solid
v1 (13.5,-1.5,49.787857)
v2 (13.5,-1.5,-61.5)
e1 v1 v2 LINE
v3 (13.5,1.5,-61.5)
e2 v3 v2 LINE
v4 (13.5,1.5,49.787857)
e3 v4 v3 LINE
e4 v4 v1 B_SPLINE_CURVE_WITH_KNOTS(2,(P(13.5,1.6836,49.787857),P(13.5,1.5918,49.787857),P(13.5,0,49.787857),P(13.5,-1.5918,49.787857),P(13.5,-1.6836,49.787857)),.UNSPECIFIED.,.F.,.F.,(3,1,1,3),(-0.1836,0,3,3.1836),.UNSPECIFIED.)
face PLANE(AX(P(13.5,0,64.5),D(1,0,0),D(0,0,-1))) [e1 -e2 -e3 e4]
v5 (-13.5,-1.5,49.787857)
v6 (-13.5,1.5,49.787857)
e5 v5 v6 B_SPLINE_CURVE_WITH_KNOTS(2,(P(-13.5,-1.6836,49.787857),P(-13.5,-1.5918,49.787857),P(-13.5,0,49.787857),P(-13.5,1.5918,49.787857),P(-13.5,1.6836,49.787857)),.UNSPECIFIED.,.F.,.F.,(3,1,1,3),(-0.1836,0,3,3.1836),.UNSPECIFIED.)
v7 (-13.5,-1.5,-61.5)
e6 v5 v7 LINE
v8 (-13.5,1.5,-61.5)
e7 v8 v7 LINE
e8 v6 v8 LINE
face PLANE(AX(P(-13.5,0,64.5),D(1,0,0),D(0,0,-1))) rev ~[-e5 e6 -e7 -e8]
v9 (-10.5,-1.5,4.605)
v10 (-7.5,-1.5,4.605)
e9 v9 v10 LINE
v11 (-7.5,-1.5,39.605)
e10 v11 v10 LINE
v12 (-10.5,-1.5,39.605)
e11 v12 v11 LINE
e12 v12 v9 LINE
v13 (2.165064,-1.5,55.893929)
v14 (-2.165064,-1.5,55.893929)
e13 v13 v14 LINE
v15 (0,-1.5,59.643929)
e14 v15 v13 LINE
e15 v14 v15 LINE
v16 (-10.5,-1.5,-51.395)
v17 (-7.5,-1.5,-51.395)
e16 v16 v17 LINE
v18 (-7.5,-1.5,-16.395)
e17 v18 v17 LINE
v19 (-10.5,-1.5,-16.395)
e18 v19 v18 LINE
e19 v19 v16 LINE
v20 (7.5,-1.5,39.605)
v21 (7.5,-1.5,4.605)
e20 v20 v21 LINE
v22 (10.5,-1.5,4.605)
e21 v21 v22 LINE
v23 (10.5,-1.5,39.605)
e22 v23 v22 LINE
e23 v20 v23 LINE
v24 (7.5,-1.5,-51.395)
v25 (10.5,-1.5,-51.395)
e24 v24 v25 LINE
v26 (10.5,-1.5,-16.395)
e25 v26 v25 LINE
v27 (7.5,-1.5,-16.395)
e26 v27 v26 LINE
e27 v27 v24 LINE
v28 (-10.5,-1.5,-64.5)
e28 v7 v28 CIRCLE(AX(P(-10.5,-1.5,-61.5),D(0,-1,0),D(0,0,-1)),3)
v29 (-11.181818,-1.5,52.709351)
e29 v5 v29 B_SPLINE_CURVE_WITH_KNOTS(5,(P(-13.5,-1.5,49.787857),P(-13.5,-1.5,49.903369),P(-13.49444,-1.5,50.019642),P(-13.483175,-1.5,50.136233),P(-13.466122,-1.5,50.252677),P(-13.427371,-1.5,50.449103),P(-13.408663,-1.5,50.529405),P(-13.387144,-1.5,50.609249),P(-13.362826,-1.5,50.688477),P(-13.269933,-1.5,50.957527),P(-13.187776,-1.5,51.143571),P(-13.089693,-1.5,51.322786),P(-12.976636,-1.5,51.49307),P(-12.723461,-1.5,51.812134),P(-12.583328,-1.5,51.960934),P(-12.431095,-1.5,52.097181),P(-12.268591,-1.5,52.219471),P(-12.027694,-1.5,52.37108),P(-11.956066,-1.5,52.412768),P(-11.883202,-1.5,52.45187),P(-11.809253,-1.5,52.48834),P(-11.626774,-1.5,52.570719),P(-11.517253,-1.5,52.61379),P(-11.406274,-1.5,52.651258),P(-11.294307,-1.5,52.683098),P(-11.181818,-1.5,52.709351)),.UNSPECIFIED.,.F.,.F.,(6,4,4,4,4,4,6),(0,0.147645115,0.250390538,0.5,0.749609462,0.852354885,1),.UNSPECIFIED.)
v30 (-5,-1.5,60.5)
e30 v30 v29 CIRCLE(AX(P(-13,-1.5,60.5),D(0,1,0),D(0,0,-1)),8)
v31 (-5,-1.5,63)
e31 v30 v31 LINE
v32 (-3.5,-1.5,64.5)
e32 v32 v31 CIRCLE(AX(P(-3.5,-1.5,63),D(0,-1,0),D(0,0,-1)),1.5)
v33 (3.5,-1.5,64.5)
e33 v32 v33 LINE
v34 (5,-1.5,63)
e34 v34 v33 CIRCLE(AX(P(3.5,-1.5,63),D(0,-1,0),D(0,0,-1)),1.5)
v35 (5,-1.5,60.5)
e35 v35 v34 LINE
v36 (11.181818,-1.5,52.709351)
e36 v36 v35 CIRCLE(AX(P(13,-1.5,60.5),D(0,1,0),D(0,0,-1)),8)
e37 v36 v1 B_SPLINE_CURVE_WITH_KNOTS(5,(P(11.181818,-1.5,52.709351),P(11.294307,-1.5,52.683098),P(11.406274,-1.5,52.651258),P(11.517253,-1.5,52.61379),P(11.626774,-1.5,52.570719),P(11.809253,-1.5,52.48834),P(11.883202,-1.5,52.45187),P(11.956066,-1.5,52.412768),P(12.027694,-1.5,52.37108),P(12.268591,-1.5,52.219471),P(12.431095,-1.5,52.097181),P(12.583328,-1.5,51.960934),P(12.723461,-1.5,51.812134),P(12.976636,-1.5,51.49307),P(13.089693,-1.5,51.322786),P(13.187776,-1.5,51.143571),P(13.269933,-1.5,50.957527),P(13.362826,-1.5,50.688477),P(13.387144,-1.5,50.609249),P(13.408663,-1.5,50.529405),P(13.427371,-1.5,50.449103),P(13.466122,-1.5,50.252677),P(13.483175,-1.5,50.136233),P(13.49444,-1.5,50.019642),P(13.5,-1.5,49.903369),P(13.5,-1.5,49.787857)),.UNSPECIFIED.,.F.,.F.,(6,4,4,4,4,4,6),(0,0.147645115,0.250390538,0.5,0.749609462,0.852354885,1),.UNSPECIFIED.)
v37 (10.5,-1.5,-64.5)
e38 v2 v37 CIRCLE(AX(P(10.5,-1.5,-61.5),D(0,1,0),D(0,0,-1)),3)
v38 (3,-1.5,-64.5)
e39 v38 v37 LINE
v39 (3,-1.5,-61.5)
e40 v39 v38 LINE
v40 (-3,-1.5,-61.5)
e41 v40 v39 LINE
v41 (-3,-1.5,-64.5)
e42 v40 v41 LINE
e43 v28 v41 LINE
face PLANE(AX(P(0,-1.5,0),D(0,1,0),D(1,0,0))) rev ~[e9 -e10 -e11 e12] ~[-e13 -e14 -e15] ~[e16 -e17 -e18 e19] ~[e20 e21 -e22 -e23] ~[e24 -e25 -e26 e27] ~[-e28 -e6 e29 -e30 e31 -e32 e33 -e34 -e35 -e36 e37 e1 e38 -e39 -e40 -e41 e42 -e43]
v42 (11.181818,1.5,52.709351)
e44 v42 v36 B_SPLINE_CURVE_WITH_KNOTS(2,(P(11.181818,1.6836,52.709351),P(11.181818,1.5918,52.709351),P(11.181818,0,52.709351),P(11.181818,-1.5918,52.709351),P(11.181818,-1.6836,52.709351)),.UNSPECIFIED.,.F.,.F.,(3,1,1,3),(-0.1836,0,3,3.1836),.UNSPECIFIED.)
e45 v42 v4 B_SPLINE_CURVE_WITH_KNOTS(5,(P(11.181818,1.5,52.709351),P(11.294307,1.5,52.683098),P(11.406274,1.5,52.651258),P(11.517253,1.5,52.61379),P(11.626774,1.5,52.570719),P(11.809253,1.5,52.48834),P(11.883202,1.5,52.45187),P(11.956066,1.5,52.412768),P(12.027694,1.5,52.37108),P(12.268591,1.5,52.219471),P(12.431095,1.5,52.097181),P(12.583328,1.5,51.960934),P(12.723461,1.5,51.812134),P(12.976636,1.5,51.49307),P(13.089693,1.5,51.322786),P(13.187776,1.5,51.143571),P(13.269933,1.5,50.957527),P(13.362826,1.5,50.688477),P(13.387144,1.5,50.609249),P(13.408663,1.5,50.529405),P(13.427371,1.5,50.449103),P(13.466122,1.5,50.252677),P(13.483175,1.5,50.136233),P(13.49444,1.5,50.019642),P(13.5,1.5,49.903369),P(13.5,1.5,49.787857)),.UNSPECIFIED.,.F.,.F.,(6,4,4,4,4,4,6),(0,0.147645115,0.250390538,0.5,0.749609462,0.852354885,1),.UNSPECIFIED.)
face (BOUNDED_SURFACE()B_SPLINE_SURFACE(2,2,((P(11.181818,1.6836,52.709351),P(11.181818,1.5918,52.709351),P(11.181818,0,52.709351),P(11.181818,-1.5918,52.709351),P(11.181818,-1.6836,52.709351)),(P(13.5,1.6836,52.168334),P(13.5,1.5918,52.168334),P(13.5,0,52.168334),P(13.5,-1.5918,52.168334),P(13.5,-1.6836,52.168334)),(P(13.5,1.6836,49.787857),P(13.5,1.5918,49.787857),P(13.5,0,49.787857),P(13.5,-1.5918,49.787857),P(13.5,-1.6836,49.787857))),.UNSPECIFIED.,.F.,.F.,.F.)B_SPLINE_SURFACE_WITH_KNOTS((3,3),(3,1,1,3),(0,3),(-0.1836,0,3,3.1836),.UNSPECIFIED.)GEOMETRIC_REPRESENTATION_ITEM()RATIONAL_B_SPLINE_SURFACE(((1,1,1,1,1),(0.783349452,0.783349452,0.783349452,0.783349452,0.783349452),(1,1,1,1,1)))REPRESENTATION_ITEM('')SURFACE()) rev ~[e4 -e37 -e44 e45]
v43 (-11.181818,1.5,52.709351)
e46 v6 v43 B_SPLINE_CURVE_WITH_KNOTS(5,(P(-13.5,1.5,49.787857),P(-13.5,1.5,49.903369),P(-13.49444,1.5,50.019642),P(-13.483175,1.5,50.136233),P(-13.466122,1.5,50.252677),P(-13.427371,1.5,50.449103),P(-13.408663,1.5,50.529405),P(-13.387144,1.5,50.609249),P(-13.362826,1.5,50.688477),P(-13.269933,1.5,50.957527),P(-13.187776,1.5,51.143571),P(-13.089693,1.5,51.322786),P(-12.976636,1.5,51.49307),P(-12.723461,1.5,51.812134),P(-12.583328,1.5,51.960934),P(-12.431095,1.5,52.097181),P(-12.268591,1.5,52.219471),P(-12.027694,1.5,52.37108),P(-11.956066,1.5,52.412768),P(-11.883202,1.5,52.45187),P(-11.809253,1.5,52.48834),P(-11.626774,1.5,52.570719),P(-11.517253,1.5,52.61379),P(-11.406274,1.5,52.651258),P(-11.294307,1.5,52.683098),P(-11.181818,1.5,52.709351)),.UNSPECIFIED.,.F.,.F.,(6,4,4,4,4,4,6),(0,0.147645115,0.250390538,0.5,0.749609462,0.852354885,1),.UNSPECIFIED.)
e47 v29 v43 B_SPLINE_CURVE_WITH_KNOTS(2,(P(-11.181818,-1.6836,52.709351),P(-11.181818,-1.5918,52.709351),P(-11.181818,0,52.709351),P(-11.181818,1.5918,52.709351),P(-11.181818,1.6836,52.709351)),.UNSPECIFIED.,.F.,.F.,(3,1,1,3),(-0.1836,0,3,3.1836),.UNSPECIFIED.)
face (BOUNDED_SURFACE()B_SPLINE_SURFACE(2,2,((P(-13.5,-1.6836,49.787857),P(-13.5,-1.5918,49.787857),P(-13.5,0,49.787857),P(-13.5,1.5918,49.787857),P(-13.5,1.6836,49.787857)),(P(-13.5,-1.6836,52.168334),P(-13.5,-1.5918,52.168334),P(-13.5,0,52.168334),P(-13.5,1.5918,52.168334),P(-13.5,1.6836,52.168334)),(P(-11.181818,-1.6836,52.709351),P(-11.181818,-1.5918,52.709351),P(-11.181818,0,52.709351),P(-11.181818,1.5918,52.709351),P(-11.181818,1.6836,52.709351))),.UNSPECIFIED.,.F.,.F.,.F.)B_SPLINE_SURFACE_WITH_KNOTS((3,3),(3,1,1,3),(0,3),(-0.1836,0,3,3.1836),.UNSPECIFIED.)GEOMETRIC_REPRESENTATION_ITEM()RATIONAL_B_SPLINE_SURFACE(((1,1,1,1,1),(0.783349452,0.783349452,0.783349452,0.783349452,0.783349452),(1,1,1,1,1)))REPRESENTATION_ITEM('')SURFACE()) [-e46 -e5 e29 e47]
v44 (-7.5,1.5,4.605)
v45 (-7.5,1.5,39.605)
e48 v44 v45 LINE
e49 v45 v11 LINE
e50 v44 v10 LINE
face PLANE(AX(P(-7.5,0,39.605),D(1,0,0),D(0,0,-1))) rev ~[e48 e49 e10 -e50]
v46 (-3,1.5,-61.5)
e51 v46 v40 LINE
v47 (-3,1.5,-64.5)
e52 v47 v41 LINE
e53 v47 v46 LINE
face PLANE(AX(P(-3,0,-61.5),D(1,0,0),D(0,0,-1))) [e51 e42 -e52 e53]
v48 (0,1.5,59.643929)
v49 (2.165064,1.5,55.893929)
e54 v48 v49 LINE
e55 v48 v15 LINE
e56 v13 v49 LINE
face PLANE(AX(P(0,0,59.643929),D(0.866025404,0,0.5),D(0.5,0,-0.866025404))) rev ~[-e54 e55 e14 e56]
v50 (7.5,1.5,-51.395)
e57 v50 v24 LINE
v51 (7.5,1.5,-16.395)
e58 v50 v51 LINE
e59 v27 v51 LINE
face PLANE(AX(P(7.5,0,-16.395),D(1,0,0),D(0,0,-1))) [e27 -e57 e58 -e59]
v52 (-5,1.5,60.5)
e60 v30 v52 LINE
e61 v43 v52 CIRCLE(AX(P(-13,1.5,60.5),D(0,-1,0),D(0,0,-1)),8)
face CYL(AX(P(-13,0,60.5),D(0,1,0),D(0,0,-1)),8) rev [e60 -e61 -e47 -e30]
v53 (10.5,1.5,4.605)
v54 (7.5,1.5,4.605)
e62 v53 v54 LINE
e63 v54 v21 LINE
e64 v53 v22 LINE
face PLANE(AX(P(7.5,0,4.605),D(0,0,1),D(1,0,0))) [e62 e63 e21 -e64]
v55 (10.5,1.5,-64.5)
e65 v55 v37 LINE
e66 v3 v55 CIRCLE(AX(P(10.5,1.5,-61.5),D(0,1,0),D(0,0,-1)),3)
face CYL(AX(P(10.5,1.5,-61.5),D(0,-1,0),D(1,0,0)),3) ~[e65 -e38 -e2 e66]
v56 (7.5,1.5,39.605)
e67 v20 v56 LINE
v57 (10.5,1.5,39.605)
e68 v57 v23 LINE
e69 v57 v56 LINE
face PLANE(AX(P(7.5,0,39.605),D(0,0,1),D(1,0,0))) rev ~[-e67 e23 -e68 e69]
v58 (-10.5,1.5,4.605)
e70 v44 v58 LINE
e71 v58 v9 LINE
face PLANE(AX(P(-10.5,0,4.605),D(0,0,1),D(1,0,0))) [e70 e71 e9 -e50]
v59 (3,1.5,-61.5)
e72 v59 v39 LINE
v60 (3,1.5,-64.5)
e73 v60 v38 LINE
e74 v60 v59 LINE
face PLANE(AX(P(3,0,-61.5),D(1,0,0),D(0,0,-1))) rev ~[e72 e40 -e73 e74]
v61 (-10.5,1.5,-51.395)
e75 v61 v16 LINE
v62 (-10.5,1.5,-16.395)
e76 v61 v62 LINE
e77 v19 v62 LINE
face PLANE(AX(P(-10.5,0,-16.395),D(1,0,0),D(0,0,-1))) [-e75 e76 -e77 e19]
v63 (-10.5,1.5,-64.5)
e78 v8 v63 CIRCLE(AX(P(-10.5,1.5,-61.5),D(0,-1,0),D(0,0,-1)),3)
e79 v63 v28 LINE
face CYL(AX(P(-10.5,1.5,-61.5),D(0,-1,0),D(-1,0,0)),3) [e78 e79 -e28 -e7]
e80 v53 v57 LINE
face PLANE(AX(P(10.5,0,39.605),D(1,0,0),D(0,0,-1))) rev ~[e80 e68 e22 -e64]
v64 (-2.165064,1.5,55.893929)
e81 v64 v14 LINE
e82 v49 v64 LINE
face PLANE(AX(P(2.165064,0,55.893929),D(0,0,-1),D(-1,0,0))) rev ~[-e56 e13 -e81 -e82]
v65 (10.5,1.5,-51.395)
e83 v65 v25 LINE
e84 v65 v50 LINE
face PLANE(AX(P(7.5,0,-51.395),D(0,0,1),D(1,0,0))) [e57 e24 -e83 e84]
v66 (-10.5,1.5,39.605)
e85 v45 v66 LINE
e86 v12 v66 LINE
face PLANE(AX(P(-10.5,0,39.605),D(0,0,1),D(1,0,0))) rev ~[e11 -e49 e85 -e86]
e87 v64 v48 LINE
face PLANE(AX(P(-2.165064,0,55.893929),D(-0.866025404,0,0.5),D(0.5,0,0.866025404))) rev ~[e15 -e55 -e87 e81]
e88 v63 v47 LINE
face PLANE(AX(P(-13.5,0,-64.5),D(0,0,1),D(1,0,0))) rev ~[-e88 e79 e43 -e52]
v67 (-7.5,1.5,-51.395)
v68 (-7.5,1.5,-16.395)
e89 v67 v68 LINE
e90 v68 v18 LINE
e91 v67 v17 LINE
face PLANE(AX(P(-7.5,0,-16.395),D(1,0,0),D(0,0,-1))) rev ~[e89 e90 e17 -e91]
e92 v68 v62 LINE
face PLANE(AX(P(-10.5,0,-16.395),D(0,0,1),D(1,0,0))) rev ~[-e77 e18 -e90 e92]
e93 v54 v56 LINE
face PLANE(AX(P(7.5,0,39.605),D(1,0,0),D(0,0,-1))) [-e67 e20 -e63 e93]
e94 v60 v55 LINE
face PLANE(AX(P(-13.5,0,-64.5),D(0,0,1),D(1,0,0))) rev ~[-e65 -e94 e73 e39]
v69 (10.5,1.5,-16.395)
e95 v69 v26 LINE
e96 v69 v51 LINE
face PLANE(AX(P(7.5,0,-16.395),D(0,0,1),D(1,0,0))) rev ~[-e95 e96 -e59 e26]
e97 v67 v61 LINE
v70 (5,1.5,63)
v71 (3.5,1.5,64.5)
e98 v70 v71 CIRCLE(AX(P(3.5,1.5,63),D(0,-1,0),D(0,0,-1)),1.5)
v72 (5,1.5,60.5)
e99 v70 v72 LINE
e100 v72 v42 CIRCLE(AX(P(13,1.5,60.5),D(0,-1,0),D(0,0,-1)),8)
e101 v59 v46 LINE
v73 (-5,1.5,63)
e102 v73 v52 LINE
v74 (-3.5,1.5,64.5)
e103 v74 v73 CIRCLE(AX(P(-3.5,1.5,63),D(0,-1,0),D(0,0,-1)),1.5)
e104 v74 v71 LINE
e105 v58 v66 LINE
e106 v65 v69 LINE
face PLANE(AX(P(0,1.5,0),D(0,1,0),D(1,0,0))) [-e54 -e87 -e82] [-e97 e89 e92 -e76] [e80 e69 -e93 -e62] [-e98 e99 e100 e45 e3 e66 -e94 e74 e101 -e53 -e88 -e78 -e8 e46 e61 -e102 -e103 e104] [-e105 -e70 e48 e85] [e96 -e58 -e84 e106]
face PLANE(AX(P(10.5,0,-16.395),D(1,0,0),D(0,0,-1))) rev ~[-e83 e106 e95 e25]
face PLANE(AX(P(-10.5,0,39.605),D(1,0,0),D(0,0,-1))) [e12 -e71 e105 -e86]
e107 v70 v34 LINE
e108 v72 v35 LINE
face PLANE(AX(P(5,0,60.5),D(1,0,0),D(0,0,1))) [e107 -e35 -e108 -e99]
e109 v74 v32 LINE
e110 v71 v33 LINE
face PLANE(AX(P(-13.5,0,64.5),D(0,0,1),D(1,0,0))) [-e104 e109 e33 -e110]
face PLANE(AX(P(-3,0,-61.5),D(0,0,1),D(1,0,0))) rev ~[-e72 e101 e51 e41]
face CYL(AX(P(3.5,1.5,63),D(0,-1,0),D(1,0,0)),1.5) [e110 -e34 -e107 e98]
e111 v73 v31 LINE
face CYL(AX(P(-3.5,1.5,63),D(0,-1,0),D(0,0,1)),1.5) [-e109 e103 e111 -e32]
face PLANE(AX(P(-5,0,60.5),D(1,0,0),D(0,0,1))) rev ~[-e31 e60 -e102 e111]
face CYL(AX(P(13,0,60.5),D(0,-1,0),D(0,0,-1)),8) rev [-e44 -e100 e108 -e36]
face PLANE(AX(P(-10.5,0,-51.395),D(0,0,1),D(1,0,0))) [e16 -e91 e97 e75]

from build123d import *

# Parameters (mm, degrees)
SKETCH1_W               = 27
SKETCH1_H               = 129
BOSS_EXTRUDE1_DEPTH     = 1.5
FILLET1_R               = 3
SKETCH3_W               = 6
SKETCH3_H               = 3
CUT_EXTRUDE2_DEPTH      = 2.5
CUT_EXTRUDE2_DEPTH_BACK = 2.5
CUT_EXTRUDE4_DEPTH      = 2.5
CUT_EXTRUDE4_DEPTH_BACK = 2.5
FILLET2_R               = 3
FILLET2_2_R             = 1.5
CUT_EXTRUDE3_DEPTH      = 5
SKETCH2_W               = 3
SKETCH2_H               = 35
CUT_EXTRUDE1_DEPTH      = 2.5000001
CUT_EXTRUDE1_DEPTH_BACK = 2.5000001


with BuildPart() as part:
    # Sketch1 → Boss-Extrude1 (new body, symmetric)
    with BuildSketch(Plane(origin=(0, 0, 0), x_dir=(1, 0, 0), z_dir=(0, 1, 0))):
        Rectangle(SKETCH1_W, SKETCH1_H)
    extrude(amount=BOSS_EXTRUDE1_DEPTH, both=True)

    # Fillet1
    fillet1_edges = [part.edges().sort_by_distance(p)[0] for p in [
        (-13.5, 0, -64.5),
        (13.5, 0, -64.5),
    ]]
    fillet(fillet1_edges, radius=FILLET1_R)

    # Sketch3 → Cut-Extrude2 (cut, two sides)
    with BuildSketch(Plane(origin=(0, 0, 0), x_dir=(1, 0, 0), z_dir=(0, 1, 0))) as cut_extrude2_sk:
        with Locations((0, 63)):
            Rectangle(SKETCH3_W, SKETCH3_H)
    extrude(amount=CUT_EXTRUDE2_DEPTH, mode=Mode.SUBTRACT)
    extrude(cut_extrude2_sk.sketch, amount=-CUT_EXTRUDE2_DEPTH_BACK, mode=Mode.SUBTRACT)

    # Sketch5 → Cut-Extrude4 (cut, two sides)
    with BuildSketch(Plane(origin=(0, 0, 0), x_dir=(1, 0, 0), z_dir=(0, 1, 0))) as cut_extrude4_sk:
        with BuildLine():
            Line((-13.5, -52.5), (-13, -52.5))
            ThreePointArc((-13, -52.5), (-7.343145751, -54.843145751), (-5, -60.5))
            Line((-5, -60.5), (-5, -64.5))
            Line((-5, -64.5), (-13.5, -64.5))
            Line((-13.5, -64.5), (-13.5, -52.5))
        make_face()
        with BuildLine():
            Line((5, -60.5), (5, -64.5))
            Line((5, -64.5), (13.5, -64.5))
            Line((13.5, -64.5), (13.5, -52.5))
            Line((13.5, -52.5), (13, -52.5))
            ThreePointArc((13, -52.5), (7.343145751, -54.843145751), (5, -60.5))
        make_face()
    extrude(amount=CUT_EXTRUDE4_DEPTH, mode=Mode.SUBTRACT)
    extrude(cut_extrude4_sk.sketch, amount=-CUT_EXTRUDE4_DEPTH_BACK, mode=Mode.SUBTRACT)

    # Fillet2
    fillet2_edges = [part.edges().sort_by_distance(p)[0] for p in [
        (-13.5, 0, 52.5),
        (13.5, 0, 52.5),
    ]]
    fillet(fillet2_edges, radius=FILLET2_R)

    # Fillet2 2
    fillet2_2_edges = [part.edges().sort_by_distance(p)[0] for p in [
        (-5, 0, 64.5),
        (5, 0, 64.5),
    ]]
    fillet(fillet2_2_edges, radius=FILLET2_2_R)

    # Sketch4 → Cut-Extrude3 (cut, symmetric)
    with BuildSketch(Plane(origin=(0, 0, 0), x_dir=(1, 0, 0), z_dir=(0, 1, 0))):
        Polygon((0, -59.643928679), (2.165063509, -55.893928679), (-2.165063509, -55.893928679), align=None)
    extrude(amount=CUT_EXTRUDE3_DEPTH, both=True, mode=Mode.SUBTRACT)

    # Sketch2 → Cut-Extrude1 (cut, two sides)
    with BuildSketch(Plane(origin=(0, 0, 0), x_dir=(1, 0, 0), z_dir=(0, 1, 0))) as cut_extrude1_sk:
        with Locations((-9, 33.895)):
            Rectangle(SKETCH2_W, SKETCH2_H)
        with Locations((9, 33.895)):
            Rectangle(SKETCH2_W, SKETCH2_H)
        with Locations((9, -22.105)):
            Rectangle(SKETCH2_W, SKETCH2_H)
        with Locations((-9, -22.105)):
            Rectangle(SKETCH2_W, SKETCH2_H)
    extrude(amount=CUT_EXTRUDE1_DEPTH, mode=Mode.SUBTRACT)
    extrude(cut_extrude1_sk.sketch, amount=-CUT_EXTRUDE1_DEPTH_BACK, mode=Mode.SUBTRACT)


solid = part.part
